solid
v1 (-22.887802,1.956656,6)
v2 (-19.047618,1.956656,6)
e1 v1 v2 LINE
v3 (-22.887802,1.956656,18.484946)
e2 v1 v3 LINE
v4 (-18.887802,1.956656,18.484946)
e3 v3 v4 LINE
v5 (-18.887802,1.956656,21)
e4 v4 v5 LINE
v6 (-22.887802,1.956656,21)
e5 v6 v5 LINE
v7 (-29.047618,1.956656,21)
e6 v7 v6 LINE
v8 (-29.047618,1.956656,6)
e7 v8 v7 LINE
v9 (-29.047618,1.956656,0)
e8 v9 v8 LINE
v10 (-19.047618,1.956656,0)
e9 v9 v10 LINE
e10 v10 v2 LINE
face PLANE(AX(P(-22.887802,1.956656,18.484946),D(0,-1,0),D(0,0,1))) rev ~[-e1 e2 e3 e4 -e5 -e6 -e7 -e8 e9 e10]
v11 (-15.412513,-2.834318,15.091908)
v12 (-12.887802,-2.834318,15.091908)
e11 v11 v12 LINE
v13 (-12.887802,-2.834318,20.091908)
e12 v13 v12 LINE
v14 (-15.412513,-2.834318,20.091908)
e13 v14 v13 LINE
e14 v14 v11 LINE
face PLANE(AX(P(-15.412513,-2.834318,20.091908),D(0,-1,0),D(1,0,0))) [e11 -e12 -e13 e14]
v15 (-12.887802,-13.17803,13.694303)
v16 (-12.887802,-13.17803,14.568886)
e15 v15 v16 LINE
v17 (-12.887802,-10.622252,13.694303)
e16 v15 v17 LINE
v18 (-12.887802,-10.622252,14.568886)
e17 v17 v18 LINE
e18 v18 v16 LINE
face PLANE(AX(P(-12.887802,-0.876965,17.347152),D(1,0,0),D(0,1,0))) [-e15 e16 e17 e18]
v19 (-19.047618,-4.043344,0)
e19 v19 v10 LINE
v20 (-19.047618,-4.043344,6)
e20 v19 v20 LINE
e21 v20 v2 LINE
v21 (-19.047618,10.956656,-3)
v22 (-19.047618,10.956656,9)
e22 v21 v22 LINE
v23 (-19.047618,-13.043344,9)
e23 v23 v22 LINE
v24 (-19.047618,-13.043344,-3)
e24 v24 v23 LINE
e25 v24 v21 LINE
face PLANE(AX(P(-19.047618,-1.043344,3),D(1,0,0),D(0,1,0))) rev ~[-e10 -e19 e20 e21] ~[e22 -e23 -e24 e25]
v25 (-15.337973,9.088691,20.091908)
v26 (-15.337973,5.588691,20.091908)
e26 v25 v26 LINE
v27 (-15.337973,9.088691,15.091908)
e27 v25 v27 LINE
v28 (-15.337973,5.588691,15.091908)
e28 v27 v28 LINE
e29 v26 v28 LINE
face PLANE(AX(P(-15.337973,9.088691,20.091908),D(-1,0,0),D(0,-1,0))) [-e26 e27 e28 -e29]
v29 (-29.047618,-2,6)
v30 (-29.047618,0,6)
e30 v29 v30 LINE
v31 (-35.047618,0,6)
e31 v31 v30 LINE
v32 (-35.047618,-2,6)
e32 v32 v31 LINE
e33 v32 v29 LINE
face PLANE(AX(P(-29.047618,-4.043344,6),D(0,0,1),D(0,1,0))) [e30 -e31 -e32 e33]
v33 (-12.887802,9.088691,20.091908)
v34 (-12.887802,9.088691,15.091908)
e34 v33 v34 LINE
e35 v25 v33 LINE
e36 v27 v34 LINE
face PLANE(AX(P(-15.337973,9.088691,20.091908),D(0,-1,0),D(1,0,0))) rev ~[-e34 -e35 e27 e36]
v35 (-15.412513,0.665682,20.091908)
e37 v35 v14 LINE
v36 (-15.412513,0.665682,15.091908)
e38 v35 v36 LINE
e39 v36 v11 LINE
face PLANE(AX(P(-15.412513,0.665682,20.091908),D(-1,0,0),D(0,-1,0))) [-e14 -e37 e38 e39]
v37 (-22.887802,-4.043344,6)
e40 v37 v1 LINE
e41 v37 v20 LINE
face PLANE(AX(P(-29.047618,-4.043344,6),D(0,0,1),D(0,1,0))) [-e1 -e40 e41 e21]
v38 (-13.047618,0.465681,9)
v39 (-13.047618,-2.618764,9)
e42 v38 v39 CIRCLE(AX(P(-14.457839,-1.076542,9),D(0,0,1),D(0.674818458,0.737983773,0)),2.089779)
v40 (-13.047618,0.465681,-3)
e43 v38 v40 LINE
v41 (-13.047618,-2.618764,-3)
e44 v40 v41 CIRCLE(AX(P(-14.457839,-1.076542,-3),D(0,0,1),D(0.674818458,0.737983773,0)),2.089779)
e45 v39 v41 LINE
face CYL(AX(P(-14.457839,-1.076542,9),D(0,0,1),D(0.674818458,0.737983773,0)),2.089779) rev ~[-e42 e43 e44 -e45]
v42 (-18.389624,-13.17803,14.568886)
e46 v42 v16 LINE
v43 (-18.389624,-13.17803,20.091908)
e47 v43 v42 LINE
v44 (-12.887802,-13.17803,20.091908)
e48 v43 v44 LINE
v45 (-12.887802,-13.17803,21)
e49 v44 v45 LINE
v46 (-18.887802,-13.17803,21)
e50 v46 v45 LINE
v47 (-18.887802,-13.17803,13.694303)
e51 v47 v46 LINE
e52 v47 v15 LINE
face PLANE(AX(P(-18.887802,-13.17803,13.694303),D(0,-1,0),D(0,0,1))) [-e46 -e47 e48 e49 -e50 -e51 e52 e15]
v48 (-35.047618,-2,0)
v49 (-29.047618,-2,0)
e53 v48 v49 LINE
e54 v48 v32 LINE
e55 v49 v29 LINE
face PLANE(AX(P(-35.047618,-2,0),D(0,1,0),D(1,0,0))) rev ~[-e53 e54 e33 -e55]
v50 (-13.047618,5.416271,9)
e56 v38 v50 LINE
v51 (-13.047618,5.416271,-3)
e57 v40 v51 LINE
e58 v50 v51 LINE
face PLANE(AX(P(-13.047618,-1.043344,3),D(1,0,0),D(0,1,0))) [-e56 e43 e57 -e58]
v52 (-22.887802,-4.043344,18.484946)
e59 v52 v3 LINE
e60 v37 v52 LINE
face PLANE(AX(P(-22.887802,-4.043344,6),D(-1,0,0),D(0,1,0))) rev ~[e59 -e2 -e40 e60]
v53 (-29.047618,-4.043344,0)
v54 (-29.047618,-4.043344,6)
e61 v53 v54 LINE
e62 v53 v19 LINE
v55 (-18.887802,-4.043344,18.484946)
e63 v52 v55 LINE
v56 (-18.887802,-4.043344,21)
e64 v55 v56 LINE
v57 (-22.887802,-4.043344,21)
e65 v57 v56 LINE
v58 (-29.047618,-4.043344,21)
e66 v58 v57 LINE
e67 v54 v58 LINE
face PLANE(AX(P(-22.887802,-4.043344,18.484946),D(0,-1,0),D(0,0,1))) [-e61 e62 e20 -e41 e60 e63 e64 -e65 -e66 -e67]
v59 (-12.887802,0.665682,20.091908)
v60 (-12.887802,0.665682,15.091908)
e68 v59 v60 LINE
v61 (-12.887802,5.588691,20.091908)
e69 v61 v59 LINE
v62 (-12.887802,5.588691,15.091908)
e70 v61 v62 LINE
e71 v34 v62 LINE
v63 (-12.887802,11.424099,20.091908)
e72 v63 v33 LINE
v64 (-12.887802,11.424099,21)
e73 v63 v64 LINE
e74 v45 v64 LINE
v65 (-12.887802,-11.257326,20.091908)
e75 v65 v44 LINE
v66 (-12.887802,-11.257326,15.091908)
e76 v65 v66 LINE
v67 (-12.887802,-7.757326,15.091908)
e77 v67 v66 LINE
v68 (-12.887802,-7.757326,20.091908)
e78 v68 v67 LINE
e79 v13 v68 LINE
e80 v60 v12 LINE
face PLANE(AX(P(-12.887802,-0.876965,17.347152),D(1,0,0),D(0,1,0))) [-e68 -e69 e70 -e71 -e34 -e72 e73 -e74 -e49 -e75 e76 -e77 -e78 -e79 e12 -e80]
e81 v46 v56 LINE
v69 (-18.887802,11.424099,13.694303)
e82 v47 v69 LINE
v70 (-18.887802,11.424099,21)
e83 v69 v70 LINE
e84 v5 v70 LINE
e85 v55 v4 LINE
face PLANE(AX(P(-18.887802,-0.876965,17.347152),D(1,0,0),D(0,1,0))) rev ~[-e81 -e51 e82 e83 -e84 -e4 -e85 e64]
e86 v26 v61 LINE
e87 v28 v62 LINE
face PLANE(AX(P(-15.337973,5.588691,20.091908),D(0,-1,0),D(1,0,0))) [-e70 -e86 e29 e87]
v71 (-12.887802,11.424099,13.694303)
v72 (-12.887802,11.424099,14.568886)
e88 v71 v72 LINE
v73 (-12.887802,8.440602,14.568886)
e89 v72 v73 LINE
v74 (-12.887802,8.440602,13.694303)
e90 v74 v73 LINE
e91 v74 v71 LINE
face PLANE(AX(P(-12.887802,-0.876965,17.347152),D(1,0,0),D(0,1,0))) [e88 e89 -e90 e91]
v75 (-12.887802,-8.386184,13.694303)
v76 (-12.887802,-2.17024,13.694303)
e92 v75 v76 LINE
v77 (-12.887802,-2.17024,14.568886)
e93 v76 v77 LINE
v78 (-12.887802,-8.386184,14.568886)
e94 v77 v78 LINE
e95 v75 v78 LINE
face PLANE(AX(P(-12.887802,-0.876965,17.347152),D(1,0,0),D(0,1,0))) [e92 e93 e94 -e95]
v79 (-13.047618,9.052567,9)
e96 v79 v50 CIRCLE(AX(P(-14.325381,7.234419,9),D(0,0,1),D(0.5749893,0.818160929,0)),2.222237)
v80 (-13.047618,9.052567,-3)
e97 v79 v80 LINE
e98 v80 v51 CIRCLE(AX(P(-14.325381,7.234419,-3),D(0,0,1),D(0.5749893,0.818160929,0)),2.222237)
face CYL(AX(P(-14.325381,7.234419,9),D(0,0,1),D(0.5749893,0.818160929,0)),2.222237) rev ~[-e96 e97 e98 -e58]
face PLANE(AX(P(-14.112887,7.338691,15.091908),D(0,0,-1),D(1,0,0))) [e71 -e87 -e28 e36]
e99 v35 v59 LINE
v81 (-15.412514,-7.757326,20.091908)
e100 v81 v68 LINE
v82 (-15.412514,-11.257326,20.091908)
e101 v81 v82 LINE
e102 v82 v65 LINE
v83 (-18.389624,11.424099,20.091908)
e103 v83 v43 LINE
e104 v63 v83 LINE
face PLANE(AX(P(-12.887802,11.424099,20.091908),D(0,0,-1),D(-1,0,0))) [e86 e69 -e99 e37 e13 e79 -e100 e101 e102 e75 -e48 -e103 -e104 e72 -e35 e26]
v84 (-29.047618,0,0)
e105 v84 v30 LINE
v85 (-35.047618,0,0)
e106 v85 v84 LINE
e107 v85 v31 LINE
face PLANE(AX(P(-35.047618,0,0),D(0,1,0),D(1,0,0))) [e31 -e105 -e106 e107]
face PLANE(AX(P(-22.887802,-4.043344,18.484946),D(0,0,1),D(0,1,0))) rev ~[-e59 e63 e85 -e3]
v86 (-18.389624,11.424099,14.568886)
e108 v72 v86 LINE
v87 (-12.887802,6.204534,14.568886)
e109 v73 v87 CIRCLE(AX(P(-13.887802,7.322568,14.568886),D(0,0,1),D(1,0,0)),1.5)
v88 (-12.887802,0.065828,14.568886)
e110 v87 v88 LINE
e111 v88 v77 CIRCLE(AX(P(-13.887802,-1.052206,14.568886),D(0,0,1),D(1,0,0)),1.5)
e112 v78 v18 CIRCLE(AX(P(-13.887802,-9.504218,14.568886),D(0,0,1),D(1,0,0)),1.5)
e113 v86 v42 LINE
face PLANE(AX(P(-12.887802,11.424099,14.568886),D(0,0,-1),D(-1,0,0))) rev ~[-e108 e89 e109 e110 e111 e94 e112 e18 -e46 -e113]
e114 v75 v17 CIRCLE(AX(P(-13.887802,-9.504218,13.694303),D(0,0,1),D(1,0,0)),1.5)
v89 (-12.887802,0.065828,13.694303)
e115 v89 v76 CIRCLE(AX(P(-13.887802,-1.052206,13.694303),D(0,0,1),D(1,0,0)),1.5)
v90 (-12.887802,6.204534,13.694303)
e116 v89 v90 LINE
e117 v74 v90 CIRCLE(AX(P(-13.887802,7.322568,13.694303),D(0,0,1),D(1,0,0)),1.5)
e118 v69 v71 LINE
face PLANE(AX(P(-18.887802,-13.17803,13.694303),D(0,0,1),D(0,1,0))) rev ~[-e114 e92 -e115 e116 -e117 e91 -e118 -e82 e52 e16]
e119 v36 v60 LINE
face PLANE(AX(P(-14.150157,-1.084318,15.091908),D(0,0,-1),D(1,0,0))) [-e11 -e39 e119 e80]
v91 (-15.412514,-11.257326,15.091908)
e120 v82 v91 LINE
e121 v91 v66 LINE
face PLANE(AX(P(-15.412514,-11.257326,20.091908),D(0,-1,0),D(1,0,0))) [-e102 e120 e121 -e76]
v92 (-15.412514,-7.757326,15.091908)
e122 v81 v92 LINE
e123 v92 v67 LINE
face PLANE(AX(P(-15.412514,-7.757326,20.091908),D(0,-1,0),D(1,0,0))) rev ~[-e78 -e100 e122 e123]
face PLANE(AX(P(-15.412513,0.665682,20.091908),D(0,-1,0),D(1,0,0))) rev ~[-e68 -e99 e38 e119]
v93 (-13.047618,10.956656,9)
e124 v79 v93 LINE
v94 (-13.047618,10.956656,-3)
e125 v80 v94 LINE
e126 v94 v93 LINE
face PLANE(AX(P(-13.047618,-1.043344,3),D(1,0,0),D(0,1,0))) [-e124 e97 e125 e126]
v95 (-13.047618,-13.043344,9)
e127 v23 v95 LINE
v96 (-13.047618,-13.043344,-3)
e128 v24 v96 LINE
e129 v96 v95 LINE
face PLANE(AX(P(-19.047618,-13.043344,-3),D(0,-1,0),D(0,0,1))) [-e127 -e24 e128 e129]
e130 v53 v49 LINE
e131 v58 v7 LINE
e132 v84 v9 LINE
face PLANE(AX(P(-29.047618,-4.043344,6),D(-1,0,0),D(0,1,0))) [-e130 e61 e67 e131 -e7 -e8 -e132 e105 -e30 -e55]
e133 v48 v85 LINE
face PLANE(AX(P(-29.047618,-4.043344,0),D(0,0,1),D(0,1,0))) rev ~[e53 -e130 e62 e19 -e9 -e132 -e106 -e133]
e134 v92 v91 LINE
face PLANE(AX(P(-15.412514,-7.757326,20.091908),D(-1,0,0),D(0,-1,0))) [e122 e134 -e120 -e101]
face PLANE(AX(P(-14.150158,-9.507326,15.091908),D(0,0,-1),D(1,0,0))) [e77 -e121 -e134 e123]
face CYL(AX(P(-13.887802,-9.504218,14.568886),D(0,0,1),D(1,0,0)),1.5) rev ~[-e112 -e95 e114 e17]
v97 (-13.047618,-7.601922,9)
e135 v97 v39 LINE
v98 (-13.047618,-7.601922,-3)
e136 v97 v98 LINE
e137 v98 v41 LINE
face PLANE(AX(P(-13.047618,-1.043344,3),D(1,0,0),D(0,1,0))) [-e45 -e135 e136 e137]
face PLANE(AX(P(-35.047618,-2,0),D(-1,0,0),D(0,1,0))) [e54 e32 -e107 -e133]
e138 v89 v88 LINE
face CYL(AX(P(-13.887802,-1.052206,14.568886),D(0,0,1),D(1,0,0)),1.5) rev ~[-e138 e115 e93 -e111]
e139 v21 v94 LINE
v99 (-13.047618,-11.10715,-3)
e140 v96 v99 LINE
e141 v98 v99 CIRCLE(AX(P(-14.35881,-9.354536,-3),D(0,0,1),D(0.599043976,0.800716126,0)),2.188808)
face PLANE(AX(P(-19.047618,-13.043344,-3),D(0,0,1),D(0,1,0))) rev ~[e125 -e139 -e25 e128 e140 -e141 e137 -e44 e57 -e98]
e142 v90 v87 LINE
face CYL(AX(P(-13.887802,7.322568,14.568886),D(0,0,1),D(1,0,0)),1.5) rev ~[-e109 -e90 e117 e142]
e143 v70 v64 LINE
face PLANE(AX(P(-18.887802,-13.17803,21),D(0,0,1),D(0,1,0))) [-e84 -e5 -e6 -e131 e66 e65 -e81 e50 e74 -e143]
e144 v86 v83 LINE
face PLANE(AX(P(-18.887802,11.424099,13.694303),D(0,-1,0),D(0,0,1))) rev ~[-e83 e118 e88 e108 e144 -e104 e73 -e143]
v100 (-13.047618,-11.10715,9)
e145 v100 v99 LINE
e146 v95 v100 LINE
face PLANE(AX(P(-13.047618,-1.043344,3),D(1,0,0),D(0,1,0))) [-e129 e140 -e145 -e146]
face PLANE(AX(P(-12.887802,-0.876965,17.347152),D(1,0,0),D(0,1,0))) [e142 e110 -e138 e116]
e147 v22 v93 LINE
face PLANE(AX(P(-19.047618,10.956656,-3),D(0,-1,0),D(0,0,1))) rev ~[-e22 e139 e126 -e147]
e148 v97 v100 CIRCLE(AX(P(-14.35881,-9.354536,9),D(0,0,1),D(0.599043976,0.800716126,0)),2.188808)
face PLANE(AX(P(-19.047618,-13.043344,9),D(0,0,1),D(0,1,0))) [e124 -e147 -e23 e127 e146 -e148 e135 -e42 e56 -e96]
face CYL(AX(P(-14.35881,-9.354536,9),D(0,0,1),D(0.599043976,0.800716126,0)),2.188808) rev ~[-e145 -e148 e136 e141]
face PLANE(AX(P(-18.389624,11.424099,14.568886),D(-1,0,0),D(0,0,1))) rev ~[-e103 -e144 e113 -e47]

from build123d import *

# Parameters (mm, degrees)
F0_W      = 6
F0_H      = 2
F1_DEPTH  = 6
F2_W      = 6
F2_H      = 6
F3_DEPTH  = 10
F4_W      = 24
F4_H      = 12
F5_DEPTH  = 6
F7_DEPTH  = 12.001
F8_W      = 6.1598163333
F8_H      = 6
F9_DEPTH  = 15
F10_W     = 6
F10_H     = 2.5150536597
F11_DEPTH = 4
F12_W     = 24.6021291241
F12_H     = 7.3056968898
F13_DEPTH = 6
F14_W     = 5.5018218607
F14_H     = 5.5230222642
F15_DEPTH = 24.6031291241
F16_R     = 1.5
F17_DEPTH = 1
F18_W     = 2.4501711503
F18_H     = 3.5
F18_W_2   = 2.5247114152
F18_W_3   = 2.5247123465
F19_DEPTH = 5


with BuildPart() as f1:
    # F0 (on Top) → F1 (new body)
    with BuildSketch(Plane.XY):
        with Locations((-32.0476180848, -1)):
            Rectangle(F0_W, F0_H)
    extrude(amount=F1_DEPTH)

    # F2 (on face) → F3 (join)
    with BuildSketch(Plane.YZ.offset(-29.0476180848)):
        with Locations((-1.0433437443, 3)):
            Rectangle(F2_W, F2_H)
    extrude(amount=F3_DEPTH)

    # F4 (on face) → F5 (join)
    with BuildSketch(Plane.YZ.offset(-19.0476180848)):
        with Locations((-1.0433437443, 3)):
            Rectangle(F4_W, F4_H)
    extrude(amount=F5_DEPTH)

    # F6 (on face) → F7 (cut, through all)
    with BuildSketch(Plane.XY.offset(9)):
        with BuildLine():
            Line((-13.0476180848, -11.1071496376), (-13.0476180848, -7.6019221608))
            ThreePointArc((-13.0476180848, -7.6019221608), (-16.5476180848, -9.3545358992), (-13.0476180848, -11.1071496376))
        make_face()
        with BuildLine():
            ThreePointArc((-13.0476180848, 0.4656811595), (-16.5476180848, -1.0765416363), (-13.0476180848, -2.618764432))
            Line((-13.0476180848, -2.618764432), (-13.0476180848, 0.4656811595))
        make_face()
        with BuildLine():
            ThreePointArc((-13.0476180848, 9.0525666852), (-16.5476180848, 7.234418936), (-13.0476180848, 5.4162711868))
            Line((-13.0476180848, 5.4162711868), (-13.0476180848, 9.0525666852))
        make_face()
    extrude(amount=-F7_DEPTH, mode=Mode.SUBTRACT)

    # F8 (on face) → F9 (join)
    with BuildSketch(Plane.XY.offset(6)):
        with Locations((-25.9677099181, -1.0433437443)):
            Rectangle(F8_W, F8_H)
    extrude(amount=F9_DEPTH)

    # F10 (on face) → F11 (join)
    with BuildSketch(Plane.YZ.offset(-22.8878017515)):
        with Locations((-1.0433437443, 19.7424731702)):
            Rectangle(F10_W, F10_H)
    extrude(amount=F11_DEPTH)

    # F12 (on face) → F13 (join)
    with BuildSketch(Plane.YZ.offset(-18.8878017515)):
        with Locations((-0.8769654669, 17.3471515551)):
            Rectangle(F12_W, F12_H)
    extrude(amount=F13_DEPTH)

    # F14 (on face) → F15 (cut, through all)
    with BuildSketch(Plane(origin=(0, 11.4240990952, 0), x_dir=(-1, 0, 0), z_dir=(0, 1, 0))):
        with Locations((15.6387126818, 17.3303969204)):
            Rectangle(F14_W, F14_H)
    extrude(amount=-F15_DEPTH, mode=Mode.SUBTRACT)

    # F16 (on face) → F17 (cut)
    with BuildSketch(Plane.XY.offset(14.5688857883)):
        with Locations((-13.8878017515, -9.5042175321)):
            Circle(F16_R)
        with Locations((-13.8878017515, -1.0522056698)):
            Circle(F16_R)
        with Locations((-13.8878017515, 7.322568293)):
            Circle(F16_R)
    extrude(amount=-F17_DEPTH, mode=Mode.SUBTRACT)

    # F18 (on face) → F19 (join)
    with BuildSketch(Plane(origin=(0, 0, 20.0919080526), x_dir=(1, 0, 0), z_dir=(0, 0, -1))):
        with Locations((-14.1128873266, -7.338691324)):
            Rectangle(F18_W, F18_H)
        with Locations((-14.1501574591, 1.0843175156)):
            Rectangle(F18_W_2, F18_H)
        with Locations((-14.1501579247, 9.5073256567)):
            Rectangle(F18_W_3, F18_H)
    extrude(amount=F19_DEPTH)


solid = f1.part
